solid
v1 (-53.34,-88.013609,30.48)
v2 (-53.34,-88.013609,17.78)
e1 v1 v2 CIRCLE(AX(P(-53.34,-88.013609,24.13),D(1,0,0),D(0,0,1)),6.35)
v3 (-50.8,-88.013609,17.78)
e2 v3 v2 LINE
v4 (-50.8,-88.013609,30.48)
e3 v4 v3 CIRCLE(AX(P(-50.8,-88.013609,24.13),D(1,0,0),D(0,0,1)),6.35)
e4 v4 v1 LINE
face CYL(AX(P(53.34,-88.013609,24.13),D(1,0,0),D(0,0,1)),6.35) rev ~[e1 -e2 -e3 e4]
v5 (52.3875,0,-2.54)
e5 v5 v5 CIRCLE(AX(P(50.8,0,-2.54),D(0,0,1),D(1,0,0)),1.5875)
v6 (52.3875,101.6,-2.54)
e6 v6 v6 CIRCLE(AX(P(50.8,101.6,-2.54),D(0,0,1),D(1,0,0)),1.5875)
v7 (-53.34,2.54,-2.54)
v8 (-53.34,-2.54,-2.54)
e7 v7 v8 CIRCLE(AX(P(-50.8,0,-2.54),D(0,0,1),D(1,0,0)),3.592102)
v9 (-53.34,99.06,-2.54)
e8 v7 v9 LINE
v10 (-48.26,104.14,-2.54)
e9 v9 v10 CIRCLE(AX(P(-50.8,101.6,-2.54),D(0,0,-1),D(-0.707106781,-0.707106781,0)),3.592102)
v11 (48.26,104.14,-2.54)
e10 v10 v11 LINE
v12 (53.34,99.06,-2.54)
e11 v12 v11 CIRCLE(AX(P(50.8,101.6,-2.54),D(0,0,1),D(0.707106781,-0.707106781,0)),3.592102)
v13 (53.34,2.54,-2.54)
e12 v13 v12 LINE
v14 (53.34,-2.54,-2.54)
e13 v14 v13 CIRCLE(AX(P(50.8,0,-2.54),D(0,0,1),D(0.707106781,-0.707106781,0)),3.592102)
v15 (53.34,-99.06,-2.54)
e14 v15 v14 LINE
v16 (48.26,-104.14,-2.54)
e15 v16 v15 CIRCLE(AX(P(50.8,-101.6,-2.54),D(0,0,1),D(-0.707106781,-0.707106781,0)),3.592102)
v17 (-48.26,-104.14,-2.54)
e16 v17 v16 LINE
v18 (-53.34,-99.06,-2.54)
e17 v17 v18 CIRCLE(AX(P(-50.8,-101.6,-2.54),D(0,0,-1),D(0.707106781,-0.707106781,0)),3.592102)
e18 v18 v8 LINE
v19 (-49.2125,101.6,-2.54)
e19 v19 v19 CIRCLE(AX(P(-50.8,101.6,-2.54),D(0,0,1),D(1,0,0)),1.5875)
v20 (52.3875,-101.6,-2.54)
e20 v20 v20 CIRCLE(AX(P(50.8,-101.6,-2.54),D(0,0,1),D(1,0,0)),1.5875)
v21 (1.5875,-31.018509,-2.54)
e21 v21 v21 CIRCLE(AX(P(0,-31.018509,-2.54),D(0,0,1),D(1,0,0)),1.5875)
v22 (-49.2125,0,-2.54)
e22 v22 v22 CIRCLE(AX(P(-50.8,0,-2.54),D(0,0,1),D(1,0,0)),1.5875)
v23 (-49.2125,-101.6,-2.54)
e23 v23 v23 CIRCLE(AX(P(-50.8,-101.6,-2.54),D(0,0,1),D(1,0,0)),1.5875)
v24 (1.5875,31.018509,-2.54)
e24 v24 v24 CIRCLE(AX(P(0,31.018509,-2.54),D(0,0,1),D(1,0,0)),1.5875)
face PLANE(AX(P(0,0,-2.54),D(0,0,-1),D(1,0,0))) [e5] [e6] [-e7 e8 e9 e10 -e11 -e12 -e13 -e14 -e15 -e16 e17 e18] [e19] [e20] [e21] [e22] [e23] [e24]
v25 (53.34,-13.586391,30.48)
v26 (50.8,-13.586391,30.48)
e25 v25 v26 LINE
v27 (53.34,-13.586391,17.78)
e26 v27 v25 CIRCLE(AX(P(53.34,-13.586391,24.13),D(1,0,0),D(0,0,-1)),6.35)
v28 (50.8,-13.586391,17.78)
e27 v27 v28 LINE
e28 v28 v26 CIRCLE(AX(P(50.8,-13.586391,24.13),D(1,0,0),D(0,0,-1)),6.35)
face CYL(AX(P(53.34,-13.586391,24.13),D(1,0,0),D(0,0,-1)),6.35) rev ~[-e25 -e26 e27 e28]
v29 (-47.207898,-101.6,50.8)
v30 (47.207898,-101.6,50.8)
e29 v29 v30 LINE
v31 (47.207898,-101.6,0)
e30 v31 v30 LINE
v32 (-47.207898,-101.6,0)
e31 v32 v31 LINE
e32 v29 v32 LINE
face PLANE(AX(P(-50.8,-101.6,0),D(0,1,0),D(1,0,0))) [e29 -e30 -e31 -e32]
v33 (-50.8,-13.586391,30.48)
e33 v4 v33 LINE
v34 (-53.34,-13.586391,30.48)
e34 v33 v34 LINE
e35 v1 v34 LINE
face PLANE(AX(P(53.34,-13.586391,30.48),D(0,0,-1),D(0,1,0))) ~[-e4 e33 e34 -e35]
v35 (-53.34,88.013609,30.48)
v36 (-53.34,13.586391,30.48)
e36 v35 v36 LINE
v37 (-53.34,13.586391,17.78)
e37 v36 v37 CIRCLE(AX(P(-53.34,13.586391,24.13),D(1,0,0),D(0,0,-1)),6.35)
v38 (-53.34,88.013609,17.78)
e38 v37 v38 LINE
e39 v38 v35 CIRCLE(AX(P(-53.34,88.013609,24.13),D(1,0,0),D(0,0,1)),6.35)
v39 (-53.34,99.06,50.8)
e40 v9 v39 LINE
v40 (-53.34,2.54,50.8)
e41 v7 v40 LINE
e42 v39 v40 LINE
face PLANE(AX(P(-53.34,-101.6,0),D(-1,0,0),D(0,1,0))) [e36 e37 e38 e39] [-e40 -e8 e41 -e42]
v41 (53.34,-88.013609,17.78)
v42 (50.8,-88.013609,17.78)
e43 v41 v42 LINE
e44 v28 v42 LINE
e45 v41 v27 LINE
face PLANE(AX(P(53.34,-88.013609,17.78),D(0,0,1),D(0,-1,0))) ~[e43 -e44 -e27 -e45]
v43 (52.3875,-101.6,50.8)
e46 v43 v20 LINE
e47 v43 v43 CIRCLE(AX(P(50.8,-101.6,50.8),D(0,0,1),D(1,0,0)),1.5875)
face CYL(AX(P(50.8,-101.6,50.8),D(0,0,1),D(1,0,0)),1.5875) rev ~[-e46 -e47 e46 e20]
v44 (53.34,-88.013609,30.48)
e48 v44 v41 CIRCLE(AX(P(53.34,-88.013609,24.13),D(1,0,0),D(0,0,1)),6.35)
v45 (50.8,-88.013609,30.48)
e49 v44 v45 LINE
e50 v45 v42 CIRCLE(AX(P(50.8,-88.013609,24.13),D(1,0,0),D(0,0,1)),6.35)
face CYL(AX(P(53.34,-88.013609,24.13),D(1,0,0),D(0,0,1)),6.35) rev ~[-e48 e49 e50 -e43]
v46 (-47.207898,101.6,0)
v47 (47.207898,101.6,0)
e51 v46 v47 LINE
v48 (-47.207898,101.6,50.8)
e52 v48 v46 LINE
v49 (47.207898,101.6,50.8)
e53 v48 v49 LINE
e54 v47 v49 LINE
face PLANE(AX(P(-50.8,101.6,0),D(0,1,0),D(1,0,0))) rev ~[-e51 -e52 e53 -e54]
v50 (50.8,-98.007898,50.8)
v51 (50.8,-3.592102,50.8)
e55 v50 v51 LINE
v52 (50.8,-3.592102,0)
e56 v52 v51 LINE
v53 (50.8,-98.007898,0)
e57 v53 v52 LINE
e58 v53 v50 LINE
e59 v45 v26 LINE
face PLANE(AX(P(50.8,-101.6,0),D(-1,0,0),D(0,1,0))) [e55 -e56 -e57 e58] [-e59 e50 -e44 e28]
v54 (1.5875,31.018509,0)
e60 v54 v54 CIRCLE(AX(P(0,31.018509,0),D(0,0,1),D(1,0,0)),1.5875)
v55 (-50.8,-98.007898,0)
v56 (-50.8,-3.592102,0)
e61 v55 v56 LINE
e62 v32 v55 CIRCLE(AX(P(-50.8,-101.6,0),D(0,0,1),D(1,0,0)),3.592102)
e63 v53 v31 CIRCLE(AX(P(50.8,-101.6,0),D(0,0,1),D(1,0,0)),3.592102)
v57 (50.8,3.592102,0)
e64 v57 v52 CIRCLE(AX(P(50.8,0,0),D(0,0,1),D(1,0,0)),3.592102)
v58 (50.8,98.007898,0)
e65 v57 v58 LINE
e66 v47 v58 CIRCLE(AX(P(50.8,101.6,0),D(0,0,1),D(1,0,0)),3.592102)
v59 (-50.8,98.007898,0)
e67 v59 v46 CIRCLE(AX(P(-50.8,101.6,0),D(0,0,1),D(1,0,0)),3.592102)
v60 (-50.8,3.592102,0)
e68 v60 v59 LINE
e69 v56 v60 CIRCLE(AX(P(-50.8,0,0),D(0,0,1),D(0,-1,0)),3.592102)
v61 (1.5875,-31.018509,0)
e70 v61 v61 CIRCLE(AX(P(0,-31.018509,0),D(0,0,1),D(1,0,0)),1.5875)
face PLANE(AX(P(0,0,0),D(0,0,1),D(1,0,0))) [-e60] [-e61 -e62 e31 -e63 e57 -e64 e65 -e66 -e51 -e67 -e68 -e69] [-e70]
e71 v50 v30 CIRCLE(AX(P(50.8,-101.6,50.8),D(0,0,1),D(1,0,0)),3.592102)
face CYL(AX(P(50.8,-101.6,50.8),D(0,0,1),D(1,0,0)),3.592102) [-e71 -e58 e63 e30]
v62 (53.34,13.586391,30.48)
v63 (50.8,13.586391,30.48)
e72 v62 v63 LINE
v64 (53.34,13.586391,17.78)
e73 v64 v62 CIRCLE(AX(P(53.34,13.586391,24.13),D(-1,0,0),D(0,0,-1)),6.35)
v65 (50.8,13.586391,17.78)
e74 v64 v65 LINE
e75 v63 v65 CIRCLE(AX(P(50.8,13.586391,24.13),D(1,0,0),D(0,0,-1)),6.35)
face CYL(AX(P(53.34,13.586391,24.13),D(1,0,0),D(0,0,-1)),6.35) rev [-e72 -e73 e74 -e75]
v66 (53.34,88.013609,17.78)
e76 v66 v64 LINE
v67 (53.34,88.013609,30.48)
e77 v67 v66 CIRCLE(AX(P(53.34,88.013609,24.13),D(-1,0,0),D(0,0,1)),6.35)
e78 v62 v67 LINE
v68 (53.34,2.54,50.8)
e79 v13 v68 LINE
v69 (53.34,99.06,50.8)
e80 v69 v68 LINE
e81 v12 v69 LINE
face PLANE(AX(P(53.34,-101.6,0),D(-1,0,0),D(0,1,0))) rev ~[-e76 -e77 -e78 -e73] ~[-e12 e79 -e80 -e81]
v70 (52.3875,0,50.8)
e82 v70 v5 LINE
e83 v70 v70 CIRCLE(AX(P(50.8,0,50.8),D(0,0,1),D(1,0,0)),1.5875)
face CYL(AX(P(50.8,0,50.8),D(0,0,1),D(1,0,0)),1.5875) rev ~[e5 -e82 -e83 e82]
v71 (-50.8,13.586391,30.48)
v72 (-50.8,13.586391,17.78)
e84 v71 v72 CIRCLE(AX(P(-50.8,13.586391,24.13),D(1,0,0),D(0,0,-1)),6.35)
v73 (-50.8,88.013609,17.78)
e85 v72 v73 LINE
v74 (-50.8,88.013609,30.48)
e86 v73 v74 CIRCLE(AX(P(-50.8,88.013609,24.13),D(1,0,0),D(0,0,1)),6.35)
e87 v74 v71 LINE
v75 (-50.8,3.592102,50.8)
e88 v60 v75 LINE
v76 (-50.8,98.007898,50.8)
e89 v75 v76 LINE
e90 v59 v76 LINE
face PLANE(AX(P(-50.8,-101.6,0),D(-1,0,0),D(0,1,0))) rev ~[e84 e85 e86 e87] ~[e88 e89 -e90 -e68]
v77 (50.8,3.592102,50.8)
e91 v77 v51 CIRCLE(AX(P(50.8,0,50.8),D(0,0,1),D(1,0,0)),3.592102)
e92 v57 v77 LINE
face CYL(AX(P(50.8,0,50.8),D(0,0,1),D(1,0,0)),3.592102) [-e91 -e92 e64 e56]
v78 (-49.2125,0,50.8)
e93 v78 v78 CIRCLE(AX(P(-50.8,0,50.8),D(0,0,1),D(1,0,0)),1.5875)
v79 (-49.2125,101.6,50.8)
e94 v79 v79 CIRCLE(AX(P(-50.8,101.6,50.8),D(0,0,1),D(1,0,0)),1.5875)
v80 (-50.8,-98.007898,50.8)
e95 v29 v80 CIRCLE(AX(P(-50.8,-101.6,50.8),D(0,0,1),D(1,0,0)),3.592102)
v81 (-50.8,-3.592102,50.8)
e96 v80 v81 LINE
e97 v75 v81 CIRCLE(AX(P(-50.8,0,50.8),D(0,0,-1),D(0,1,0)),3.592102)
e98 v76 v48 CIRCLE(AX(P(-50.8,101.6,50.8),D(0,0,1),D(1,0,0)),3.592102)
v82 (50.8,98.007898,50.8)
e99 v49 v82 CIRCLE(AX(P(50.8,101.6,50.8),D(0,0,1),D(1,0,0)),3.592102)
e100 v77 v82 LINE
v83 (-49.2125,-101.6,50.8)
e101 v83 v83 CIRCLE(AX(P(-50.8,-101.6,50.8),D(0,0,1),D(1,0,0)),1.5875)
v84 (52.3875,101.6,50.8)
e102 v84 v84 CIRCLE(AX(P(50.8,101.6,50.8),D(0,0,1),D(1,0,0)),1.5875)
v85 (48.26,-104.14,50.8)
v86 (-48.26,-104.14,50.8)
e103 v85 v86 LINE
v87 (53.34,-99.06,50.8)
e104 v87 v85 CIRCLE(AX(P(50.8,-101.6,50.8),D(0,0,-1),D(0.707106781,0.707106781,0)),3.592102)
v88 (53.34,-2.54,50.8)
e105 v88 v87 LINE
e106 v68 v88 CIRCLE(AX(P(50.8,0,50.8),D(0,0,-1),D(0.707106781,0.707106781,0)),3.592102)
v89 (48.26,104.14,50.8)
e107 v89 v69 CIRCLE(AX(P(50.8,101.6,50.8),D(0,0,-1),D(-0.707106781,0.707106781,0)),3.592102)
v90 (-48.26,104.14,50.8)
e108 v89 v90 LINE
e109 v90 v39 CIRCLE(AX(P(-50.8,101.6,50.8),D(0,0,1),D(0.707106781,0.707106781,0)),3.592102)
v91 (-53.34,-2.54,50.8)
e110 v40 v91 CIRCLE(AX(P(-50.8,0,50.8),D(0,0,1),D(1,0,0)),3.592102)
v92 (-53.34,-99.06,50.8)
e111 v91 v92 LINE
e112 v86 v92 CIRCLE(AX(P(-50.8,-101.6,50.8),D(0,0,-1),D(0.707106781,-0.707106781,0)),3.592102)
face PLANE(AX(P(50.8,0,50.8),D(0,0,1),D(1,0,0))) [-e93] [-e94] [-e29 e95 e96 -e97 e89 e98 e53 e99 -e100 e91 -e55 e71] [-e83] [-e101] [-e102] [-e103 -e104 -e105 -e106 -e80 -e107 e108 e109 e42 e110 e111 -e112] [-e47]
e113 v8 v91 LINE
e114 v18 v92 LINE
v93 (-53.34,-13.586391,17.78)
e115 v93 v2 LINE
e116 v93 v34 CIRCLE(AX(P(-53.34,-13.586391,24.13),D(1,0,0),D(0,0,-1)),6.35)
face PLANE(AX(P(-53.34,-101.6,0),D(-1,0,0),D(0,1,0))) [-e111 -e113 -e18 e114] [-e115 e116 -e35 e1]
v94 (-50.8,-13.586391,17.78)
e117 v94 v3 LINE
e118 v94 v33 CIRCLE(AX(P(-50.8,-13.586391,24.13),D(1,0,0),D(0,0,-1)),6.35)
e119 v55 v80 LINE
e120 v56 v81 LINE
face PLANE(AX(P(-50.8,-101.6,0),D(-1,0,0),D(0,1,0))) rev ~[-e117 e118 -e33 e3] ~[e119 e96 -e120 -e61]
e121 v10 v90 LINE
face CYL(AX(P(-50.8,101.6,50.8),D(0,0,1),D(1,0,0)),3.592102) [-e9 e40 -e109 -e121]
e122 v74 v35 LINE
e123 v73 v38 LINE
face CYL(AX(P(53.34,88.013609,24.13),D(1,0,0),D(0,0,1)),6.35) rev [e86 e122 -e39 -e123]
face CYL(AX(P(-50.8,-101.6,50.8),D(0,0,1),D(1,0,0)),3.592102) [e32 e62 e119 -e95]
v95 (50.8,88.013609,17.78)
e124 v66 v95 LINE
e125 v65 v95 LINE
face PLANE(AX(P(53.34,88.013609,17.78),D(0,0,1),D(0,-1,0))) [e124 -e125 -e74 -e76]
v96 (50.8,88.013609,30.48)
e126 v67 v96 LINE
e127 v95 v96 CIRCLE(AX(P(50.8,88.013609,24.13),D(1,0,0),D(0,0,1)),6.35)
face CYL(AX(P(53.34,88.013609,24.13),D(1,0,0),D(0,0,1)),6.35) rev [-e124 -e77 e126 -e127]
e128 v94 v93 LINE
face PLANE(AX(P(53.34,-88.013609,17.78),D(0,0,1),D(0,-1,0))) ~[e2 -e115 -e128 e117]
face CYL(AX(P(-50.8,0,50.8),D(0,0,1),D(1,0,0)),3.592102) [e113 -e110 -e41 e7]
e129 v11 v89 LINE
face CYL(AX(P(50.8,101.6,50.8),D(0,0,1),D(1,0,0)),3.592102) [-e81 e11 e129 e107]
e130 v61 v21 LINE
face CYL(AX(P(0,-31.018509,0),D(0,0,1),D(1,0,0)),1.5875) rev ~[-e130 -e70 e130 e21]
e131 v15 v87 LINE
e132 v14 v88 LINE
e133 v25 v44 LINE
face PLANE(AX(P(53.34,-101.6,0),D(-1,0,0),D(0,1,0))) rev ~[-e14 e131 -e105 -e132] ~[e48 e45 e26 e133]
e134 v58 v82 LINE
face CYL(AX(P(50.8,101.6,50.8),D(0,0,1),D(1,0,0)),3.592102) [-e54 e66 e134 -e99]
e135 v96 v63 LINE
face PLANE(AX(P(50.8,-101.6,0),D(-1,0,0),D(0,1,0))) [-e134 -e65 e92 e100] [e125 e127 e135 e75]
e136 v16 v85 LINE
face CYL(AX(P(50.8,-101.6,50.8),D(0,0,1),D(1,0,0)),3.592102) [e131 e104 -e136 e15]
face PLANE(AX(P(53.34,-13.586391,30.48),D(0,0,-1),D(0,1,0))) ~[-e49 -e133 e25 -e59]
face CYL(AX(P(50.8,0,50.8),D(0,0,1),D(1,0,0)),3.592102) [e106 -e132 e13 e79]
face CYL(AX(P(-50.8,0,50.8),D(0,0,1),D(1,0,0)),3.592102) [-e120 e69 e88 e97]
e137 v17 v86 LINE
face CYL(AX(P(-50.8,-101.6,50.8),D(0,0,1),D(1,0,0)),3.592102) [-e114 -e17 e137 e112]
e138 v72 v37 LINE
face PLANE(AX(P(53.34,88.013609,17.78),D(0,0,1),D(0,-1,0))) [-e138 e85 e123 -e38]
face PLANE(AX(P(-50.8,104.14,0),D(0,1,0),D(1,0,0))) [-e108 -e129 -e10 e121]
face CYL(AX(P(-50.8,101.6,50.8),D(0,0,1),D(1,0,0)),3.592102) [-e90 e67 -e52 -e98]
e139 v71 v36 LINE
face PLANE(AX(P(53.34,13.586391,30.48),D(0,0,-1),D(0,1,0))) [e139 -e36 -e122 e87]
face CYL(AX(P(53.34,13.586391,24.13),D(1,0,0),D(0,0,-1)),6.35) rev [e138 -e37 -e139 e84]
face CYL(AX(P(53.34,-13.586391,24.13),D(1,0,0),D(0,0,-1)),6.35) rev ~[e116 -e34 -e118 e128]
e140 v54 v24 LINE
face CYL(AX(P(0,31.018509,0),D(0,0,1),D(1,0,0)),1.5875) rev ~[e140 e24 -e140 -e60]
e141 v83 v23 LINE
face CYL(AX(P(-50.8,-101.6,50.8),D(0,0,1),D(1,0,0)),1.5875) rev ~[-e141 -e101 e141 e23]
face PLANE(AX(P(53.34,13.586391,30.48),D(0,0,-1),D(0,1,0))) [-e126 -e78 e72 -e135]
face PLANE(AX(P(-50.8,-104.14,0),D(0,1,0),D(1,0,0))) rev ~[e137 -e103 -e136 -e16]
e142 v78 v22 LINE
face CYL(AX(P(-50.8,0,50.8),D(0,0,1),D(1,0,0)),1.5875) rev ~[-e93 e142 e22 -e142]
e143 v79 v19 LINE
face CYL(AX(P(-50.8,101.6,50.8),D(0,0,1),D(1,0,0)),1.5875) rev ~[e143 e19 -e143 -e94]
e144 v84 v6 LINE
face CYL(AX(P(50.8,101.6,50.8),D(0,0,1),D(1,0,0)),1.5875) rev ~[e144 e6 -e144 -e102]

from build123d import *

# Parameters (mm, degrees)
SKETCH1_W           = 101.6
SKETCH1_H           = 203.2
BOSS_EXTRUDE1_DEPTH = 50.8
SHELL1_T            = 2.54
SKETCH2_R           = 1.5875
CUT_EXTRUDE1_DEPTH  = 50.8
BOSS_EXTRUDE2_REACH = 130.59
SKETCH3_R           = 3.592102448
SKETCH4_R           = 1.5875
CUT_EXTRUDE2_DEPTH  = 130.880848574
CUT_EXTRUDE3_DEPTH  = 159.909484662


with BuildPart() as part:
    # Sketch1 → Boss-Extrude1 (new body)
    with BuildSketch(Plane.XY):
        Rectangle(SKETCH1_W, SKETCH1_H)
    extrude(amount=BOSS_EXTRUDE1_DEPTH)

    # Shell1
    shell1_openings = [part.faces().sort_by_distance(p)[0] for p in [
        (0, 0, 50.8),
    ]]
    offset(amount=SHELL1_T, openings=shell1_openings, kind=Kind.INTERSECTION)

    # Sketch2 → Cut-Extrude1 (cut)
    with BuildSketch(Plane.XY):
        with Locations((0, 31.018508685)):
            Circle(SKETCH2_R)
        with Locations((0, -31.018508685)):
            Circle(SKETCH2_R)
    extrude(amount=-CUT_EXTRUDE1_DEPTH, mode=Mode.SUBTRACT)

    # Boss-Extrude2: up to this face of the body (flat: up to its plane)
    boss_extrude2_end = Plane(part.part.faces().sort_by_distance((0, 0, -2.54))[0])
    # Sketch3 → Boss-Extrude2 (add, up to the picked face)
    with BuildSketch(Plane.XY.offset(50.8), mode=Mode.PRIVATE) as boss_extrude2_sk1:
        with Locations((-50.8, 101.6)):
            Circle(SKETCH3_R)
    boss_extrude2_tool1 = split(extrude(boss_extrude2_sk1.sketch, amount=-BOSS_EXTRUDE2_REACH, mode=Mode.PRIVATE), bisect_by=boss_extrude2_end, keep=Keep.BOTH, mode=Mode.PRIVATE)
    # Sketch3 → Boss-Extrude2 (add, up to the picked face)
    with BuildSketch(Plane.XY.offset(50.8), mode=Mode.PRIVATE) as boss_extrude2_sk2:
        with Locations((50.8, 101.6)):
            Circle(SKETCH3_R)
    boss_extrude2_tool2 = split(extrude(boss_extrude2_sk2.sketch, amount=-BOSS_EXTRUDE2_REACH, mode=Mode.PRIVATE), bisect_by=boss_extrude2_end, keep=Keep.BOTH, mode=Mode.PRIVATE)
    # Sketch3 → Boss-Extrude2 (add, up to the picked face)
    with BuildSketch(Plane.XY.offset(50.8), mode=Mode.PRIVATE) as boss_extrude2_sk3:
        with Locations((50.8, -101.6)):
            Circle(SKETCH3_R)
    boss_extrude2_tool3 = split(extrude(boss_extrude2_sk3.sketch, amount=-BOSS_EXTRUDE2_REACH, mode=Mode.PRIVATE), bisect_by=boss_extrude2_end, keep=Keep.BOTH, mode=Mode.PRIVATE)
    # Sketch3 → Boss-Extrude2 (add, up to the picked face)
    with BuildSketch(Plane.XY.offset(50.8), mode=Mode.PRIVATE) as boss_extrude2_sk4:
        with Locations((-50.8, -101.6)):
            Circle(SKETCH3_R)
    boss_extrude2_tool4 = split(extrude(boss_extrude2_sk4.sketch, amount=-BOSS_EXTRUDE2_REACH, mode=Mode.PRIVATE), bisect_by=boss_extrude2_end, keep=Keep.BOTH, mode=Mode.PRIVATE)
    # Sketch3 → Boss-Extrude2 (add, up to the picked face)
    with BuildSketch(Plane.XY.offset(50.8), mode=Mode.PRIVATE) as boss_extrude2_sk5:
        with Locations((-50.8, 0)):
            Circle(SKETCH3_R)
    boss_extrude2_tool5 = split(extrude(boss_extrude2_sk5.sketch, amount=-BOSS_EXTRUDE2_REACH, mode=Mode.PRIVATE), bisect_by=boss_extrude2_end, keep=Keep.BOTH, mode=Mode.PRIVATE)
    # Sketch3 → Boss-Extrude2 (add, up to the picked face)
    with BuildSketch(Plane.XY.offset(50.8), mode=Mode.PRIVATE) as boss_extrude2_sk6:
        with Locations((50.8, 0)):
            Circle(SKETCH3_R)
    boss_extrude2_tool6 = split(extrude(boss_extrude2_sk6.sketch, amount=-BOSS_EXTRUDE2_REACH, mode=Mode.PRIVATE), bisect_by=boss_extrude2_end, keep=Keep.BOTH, mode=Mode.PRIVATE)
    add(boss_extrude2_tool1.solids().sort_by(Axis((-50.8, 101.6, 50.8), (0, 0, -1)))[0])
    add(boss_extrude2_tool2.solids().sort_by(Axis((50.8, 101.6, 50.8), (0, 0, -1)))[0])
    add(boss_extrude2_tool3.solids().sort_by(Axis((50.8, -101.6, 50.8), (0, 0, -1)))[0])
    add(boss_extrude2_tool4.solids().sort_by(Axis((-50.8, -101.6, 50.8), (0, 0, -1)))[0])
    add(boss_extrude2_tool5.solids().sort_by(Axis((-50.8, 0, 50.8), (0, 0, -1)))[0])
    add(boss_extrude2_tool6.solids().sort_by(Axis((50.8, 0, 50.8), (0, 0, -1)))[0])

    # Sketch4 → Cut-Extrude2 (cut, through all)
    with BuildSketch(Plane.XY.offset(50.8)):
        with Locations((-50.8, 0)):
            Circle(SKETCH4_R)
        with Locations((50.8, 0)):
            Circle(SKETCH4_R)
        with Locations((50.8, 101.6)):
            Circle(SKETCH4_R)
        with Locations((-50.8, 101.6)):
            Circle(SKETCH4_R)
        with Locations((50.8, -101.6)):
            Circle(SKETCH4_R)
        with Locations((-50.8, -101.6)):
            Circle(SKETCH4_R)
    extrude(amount=-CUT_EXTRUDE2_DEPTH, mode=Mode.SUBTRACT)

    # Sketch5 → Cut-Extrude3 (cut, through all)
    with BuildSketch(Plane(origin=(53.34, 0, 0), x_dir=(0, 0, -1), z_dir=(1, 0, 0))):
        with BuildLine():
            Line((-17.78, 88.01360889), (-17.78, 13.58639111))
            ThreePointArc((-17.78, 13.58639111), (-24.13, 7.23639111), (-30.48, 13.58639111))
            Line((-30.48, 13.58639111), (-30.48, 88.01360889))
            ThreePointArc((-30.48, 88.01360889), (-24.13, 94.36360889), (-17.78, 88.01360889))
        make_face()
    cut_extrude3 = extrude(amount=-CUT_EXTRUDE3_DEPTH, mode=Mode.SUBTRACT)

    # Mirror1: Cut-Extrude3 across plane
    add(cut_extrude3.mirror(Plane.ZX), mode=Mode.SUBTRACT)


solid = part.part
